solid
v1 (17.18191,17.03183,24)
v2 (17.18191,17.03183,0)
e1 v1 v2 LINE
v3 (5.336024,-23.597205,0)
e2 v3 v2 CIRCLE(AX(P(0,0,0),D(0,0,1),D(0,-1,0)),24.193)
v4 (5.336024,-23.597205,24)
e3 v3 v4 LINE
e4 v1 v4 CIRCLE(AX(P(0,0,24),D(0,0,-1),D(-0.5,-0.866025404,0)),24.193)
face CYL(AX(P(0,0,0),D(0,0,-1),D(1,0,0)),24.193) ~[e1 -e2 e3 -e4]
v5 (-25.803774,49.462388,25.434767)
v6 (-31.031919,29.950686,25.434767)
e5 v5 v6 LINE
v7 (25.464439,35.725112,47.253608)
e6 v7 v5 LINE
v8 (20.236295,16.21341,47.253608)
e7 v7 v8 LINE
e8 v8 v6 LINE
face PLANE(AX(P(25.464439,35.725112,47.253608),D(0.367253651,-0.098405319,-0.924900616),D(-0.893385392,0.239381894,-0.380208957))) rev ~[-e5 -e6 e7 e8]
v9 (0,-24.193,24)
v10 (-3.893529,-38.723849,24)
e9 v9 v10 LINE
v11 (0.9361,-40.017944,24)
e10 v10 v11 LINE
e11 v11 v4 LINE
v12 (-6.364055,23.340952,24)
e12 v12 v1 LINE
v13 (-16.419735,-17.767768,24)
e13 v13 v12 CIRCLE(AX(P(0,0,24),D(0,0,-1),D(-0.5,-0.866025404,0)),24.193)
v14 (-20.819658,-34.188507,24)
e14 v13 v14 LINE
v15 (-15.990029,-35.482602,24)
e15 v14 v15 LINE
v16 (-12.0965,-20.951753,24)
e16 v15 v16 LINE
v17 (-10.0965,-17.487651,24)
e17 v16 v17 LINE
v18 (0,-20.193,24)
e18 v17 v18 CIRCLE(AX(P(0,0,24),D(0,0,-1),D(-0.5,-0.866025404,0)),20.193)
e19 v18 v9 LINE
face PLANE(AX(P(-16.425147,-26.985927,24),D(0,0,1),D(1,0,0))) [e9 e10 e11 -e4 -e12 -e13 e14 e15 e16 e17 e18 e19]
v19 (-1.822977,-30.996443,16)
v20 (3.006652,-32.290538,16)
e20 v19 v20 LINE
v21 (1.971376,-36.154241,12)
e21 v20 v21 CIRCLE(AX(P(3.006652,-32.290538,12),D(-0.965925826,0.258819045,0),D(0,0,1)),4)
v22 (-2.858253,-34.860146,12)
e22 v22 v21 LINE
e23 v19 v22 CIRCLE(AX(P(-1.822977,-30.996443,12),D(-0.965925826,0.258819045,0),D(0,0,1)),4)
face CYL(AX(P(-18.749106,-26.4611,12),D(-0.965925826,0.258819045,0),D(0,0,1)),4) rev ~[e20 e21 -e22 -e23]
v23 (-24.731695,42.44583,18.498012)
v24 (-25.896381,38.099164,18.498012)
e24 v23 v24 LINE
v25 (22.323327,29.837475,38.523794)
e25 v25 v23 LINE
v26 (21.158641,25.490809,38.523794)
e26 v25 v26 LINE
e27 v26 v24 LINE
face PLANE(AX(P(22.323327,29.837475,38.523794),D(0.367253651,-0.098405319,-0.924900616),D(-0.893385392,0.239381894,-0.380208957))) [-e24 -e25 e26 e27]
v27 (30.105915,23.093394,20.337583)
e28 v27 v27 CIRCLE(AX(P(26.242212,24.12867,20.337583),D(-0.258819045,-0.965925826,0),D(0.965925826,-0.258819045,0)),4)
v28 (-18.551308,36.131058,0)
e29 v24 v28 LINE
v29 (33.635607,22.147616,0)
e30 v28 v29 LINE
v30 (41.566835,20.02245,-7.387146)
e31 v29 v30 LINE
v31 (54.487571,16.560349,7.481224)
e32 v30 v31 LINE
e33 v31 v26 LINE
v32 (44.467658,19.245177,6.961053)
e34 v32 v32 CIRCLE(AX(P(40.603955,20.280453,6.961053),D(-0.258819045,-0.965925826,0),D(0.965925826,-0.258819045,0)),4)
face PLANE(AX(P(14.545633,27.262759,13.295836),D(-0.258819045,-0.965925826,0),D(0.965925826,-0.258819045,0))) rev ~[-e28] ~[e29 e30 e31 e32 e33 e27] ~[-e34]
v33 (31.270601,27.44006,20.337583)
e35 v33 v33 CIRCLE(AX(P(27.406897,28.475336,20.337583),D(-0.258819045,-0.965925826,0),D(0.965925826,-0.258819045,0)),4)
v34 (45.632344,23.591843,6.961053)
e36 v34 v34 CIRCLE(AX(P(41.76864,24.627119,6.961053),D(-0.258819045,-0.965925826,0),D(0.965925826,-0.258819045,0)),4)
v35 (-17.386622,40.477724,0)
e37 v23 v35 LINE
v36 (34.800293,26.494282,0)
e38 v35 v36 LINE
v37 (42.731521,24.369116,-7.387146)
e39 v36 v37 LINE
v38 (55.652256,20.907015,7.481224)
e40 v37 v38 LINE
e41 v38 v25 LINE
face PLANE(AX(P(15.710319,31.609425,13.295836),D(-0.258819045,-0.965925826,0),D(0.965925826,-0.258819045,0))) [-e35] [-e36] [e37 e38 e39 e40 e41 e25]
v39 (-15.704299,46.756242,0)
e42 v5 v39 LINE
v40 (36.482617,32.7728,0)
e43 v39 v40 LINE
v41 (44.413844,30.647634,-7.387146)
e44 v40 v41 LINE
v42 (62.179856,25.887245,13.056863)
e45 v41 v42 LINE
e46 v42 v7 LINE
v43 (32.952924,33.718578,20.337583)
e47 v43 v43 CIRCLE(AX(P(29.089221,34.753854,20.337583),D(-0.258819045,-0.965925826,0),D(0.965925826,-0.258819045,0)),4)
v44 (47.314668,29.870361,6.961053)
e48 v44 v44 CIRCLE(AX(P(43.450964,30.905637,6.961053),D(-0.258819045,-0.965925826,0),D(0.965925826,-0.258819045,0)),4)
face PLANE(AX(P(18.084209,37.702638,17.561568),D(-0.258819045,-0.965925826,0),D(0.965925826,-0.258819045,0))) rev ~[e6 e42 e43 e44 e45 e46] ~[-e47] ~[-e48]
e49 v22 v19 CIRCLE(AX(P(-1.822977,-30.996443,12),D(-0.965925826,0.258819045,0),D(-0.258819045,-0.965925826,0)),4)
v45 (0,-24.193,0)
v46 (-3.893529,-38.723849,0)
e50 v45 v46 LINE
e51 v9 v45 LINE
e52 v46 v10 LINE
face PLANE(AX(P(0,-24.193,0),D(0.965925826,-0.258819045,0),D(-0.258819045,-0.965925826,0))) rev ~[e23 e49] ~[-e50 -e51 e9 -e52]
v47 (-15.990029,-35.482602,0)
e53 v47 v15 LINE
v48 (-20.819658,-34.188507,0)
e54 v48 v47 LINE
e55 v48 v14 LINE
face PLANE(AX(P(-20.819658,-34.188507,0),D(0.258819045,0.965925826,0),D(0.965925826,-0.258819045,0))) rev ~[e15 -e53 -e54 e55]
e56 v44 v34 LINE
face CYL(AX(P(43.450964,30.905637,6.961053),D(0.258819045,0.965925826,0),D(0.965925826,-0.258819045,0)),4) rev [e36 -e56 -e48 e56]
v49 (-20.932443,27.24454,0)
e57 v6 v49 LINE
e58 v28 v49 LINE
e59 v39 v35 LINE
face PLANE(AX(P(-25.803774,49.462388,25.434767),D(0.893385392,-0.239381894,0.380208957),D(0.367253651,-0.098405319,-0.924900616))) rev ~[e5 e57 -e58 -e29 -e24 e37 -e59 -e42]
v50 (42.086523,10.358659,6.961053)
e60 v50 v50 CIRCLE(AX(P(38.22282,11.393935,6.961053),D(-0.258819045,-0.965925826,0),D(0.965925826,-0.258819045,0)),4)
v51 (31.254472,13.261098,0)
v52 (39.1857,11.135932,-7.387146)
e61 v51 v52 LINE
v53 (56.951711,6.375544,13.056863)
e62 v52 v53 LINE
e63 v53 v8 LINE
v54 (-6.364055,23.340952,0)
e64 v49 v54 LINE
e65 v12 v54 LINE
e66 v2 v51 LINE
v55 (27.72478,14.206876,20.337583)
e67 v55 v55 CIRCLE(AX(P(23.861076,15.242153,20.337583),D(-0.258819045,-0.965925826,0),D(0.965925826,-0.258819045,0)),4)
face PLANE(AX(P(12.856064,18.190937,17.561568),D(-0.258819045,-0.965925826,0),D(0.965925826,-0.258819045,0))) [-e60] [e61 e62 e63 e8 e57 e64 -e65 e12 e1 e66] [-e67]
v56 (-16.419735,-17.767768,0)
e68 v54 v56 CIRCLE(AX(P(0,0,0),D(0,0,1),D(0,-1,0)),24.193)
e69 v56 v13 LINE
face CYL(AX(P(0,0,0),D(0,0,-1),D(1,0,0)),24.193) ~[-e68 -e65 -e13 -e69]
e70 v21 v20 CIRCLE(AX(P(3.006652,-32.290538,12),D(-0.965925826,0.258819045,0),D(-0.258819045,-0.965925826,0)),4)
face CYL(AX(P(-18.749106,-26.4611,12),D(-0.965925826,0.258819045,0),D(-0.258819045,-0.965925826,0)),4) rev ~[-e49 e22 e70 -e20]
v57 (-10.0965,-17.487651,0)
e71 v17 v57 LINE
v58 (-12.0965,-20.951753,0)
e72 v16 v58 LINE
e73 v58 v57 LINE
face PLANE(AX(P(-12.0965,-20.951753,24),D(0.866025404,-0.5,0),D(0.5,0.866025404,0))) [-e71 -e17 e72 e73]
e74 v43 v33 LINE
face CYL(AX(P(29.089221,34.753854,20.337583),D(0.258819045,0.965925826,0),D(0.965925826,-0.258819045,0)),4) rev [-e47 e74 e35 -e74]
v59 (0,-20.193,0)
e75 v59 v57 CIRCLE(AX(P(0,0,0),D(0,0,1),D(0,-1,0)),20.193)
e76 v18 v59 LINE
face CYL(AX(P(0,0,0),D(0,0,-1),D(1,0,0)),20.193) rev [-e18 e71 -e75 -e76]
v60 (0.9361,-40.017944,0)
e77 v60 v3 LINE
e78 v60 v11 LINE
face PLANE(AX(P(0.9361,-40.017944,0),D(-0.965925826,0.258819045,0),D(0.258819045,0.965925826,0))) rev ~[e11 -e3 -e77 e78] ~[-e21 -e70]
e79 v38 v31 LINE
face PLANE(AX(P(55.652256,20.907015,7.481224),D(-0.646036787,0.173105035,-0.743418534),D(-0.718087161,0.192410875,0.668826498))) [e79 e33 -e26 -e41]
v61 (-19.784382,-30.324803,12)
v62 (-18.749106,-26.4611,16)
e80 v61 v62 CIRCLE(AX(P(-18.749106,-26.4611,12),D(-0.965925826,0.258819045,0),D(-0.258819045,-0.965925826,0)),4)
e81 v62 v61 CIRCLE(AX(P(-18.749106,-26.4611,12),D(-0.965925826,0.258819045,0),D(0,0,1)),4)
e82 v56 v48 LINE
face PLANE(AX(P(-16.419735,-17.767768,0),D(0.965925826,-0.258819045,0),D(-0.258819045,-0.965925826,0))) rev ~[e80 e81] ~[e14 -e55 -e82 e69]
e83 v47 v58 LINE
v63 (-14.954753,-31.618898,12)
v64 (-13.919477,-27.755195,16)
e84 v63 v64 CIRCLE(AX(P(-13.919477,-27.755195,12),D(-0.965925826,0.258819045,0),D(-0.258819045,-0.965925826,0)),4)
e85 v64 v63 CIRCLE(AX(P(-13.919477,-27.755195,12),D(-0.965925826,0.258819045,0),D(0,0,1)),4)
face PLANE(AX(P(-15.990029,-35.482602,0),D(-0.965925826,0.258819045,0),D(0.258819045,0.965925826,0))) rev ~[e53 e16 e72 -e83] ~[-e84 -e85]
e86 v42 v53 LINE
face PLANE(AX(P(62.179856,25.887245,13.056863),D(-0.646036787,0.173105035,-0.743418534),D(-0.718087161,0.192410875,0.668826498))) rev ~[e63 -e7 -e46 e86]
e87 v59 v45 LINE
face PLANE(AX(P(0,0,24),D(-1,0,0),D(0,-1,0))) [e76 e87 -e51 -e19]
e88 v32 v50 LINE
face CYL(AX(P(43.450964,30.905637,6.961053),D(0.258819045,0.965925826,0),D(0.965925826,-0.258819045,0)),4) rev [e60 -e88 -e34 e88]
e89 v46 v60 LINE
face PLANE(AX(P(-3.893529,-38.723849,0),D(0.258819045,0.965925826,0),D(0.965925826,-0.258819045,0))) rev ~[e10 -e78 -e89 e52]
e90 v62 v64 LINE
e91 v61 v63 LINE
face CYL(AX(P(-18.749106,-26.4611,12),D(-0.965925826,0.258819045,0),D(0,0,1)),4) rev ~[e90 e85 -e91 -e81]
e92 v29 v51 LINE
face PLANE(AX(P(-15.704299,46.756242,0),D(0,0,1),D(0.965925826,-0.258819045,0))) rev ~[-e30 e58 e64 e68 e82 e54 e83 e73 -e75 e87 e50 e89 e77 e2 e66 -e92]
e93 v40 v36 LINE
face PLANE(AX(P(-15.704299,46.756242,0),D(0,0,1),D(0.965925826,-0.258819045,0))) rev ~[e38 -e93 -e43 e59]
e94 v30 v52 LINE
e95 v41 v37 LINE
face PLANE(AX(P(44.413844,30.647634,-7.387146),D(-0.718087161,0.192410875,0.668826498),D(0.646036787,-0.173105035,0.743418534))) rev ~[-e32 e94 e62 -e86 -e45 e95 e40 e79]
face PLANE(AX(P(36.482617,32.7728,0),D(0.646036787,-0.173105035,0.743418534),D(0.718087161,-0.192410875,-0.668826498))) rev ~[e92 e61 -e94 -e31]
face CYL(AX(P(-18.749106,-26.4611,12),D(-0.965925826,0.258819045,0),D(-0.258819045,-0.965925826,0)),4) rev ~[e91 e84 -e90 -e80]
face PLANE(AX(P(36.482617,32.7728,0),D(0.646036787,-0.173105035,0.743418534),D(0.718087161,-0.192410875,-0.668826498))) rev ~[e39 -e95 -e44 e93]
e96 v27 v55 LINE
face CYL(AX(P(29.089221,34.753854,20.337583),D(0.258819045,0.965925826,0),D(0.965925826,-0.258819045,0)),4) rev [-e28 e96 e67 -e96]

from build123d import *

# Parameters (mm, degrees)
SKETCH1_R                = 24.193
SKETCH1_R_2              = 20.193
BOSS_EXTRUDE1_DEPTH      = 24
CUT_EXTRUDE1_DEPTH       = 24
BOSS_EXTRUDE2_START      = -24
BOSS_EXTRUDE2_DEPTH      = 24
CUT_EXTRUDE2_DEPTH       = 24
BOSS_EXTRUDE3_DEPTH      = 9.2
BOSS_EXTRUDE3_DEPTH_BACK = 11
SKETCH6_R                = 4
CUT_EXTRUDE4_START       = -4.5
SKETCH6_5_R              = 4
CUT_EXTRUDE4_DEPTH       = 4.5


with BuildPart() as part:
    # Sketch1 → Boss-Extrude1 (new body)
    with BuildSketch(Plane.XY):
        Circle(SKETCH1_R)
        Circle(SKETCH1_R_2, mode=Mode.SUBTRACT)
    extrude(amount=BOSS_EXTRUDE1_DEPTH)

    # Sketch2 → Cut-Extrude1 (cut)
    with BuildSketch(Plane.XY.offset(24)):
        Polygon((0, -24.193), (-5.8341998, -24.895299835), (-12.0965, -20.951752594), (0, 0), align=None)
    extrude(amount=-CUT_EXTRUDE1_DEPTH, mode=Mode.SUBTRACT)

    # Sketch3 → Boss-Extrude2 (add)
    with BuildSketch(Plane.XY.offset(24).offset(BOSS_EXTRUDE2_START)):
        with BuildLine():
            Line((-15.990029306, -35.482601784), (-12.0965, -20.951752594))
            ThreePointArc((-12.0965, -20.951752594), (-14.346719144, -19.480064138), (-16.419734671, -17.767767512))
            Line((-16.419734671, -17.767767512), (-20.819658437, -34.188506559))
            Line((-20.819658437, -34.188506559), (-15.990029306, -35.482601784))
        make_face()
        with BuildLine():
            ThreePointArc((5.336023592, -23.597205369), (2.684591171, -24.043589982), (0, -24.193))
            Line((0, -24.193), (-3.893529306, -38.72384919))
            Line((-3.893529306, -38.72384919), (0.936099826, -40.017944416))
            Line((0.936099826, -40.017944416), (5.336023592, -23.597205369))
        make_face()
    extrude(amount=BOSS_EXTRUDE2_DEPTH)

    # Sketch4 → Cut-Extrude2 (cut)
    with BuildSketch(Plane(origin=(-10.877879131, 2.914718929, 0), x_dir=(0, 0, 1), z_dir=(-0.9659258262890682, 0.2588190451025212, 0))):
        with BuildLine():
            ThreePointArc((12, -34.412085563), (14.828427125, -33.240512688), (16, -30.412085563))
            ThreePointArc((16, -30.412085563), (9.171572875, -27.583658439), (12, -34.412085563))
        make_face()
    extrude(amount=-CUT_EXTRUDE2_DEPTH, mode=Mode.SUBTRACT)

    # Sketch6 → Boss-Extrude3 (add, two sides: drawn at the far end of the back side and taken through both)
    with BuildSketch(Plane(origin=(7.790062397, 29.072908658, 0), x_dir=(0.9659258262890688, -0.2588190451025194, 0), z_dir=(-0.2588190451025194, -0.9659258262890688, 0)).offset(-BOSS_EXTRUDE3_DEPTH_BACK)):
        Polygon((-27.270593421, 0), (26.757277212, 0), (34.96828798, -7.387146438), (53.361016662, 13.056863238), (15.35042048, 47.253608089), (-37.726339728, 25.434766937), align=None)
        with Locations((33.971441151, 6.96105325)):
            Circle(SKETCH6_R, mode=Mode.SUBTRACT)
        with Locations((19.103070478, 20.337583201)):
            Circle(SKETCH6_R, mode=Mode.SUBTRACT)
    extrude(amount=BOSS_EXTRUDE3_DEPTH + BOSS_EXTRUDE3_DEPTH_BACK)

    # Sketch6<5> → Cut-Extrude4 (cut)
    with BuildSketch(Plane(origin=(7.790062397, 29.072908658, 0), x_dir=(0.9659258262890688, -0.2588190451025194, 0), z_dir=(-0.2588190451025194, -0.9659258262890688, 0)).offset(CUT_EXTRUDE4_START)):
        Polygon((-34.874772554, 18.498012318), (-27.270593421, 0), (26.757277212, 0), (34.96828798, -7.387146438), (48.34481793, 7.481224235), (13.840171432, 38.52379423), align=None)
        with Locations((33.971441151, 6.96105325)):
            Circle(SKETCH6_5_R, mode=Mode.SUBTRACT)
        with Locations((19.103070478, 20.337583201)):
            Circle(SKETCH6_5_R, mode=Mode.SUBTRACT)
    extrude(amount=CUT_EXTRUDE4_DEPTH, mode=Mode.SUBTRACT)


solid = part.part
